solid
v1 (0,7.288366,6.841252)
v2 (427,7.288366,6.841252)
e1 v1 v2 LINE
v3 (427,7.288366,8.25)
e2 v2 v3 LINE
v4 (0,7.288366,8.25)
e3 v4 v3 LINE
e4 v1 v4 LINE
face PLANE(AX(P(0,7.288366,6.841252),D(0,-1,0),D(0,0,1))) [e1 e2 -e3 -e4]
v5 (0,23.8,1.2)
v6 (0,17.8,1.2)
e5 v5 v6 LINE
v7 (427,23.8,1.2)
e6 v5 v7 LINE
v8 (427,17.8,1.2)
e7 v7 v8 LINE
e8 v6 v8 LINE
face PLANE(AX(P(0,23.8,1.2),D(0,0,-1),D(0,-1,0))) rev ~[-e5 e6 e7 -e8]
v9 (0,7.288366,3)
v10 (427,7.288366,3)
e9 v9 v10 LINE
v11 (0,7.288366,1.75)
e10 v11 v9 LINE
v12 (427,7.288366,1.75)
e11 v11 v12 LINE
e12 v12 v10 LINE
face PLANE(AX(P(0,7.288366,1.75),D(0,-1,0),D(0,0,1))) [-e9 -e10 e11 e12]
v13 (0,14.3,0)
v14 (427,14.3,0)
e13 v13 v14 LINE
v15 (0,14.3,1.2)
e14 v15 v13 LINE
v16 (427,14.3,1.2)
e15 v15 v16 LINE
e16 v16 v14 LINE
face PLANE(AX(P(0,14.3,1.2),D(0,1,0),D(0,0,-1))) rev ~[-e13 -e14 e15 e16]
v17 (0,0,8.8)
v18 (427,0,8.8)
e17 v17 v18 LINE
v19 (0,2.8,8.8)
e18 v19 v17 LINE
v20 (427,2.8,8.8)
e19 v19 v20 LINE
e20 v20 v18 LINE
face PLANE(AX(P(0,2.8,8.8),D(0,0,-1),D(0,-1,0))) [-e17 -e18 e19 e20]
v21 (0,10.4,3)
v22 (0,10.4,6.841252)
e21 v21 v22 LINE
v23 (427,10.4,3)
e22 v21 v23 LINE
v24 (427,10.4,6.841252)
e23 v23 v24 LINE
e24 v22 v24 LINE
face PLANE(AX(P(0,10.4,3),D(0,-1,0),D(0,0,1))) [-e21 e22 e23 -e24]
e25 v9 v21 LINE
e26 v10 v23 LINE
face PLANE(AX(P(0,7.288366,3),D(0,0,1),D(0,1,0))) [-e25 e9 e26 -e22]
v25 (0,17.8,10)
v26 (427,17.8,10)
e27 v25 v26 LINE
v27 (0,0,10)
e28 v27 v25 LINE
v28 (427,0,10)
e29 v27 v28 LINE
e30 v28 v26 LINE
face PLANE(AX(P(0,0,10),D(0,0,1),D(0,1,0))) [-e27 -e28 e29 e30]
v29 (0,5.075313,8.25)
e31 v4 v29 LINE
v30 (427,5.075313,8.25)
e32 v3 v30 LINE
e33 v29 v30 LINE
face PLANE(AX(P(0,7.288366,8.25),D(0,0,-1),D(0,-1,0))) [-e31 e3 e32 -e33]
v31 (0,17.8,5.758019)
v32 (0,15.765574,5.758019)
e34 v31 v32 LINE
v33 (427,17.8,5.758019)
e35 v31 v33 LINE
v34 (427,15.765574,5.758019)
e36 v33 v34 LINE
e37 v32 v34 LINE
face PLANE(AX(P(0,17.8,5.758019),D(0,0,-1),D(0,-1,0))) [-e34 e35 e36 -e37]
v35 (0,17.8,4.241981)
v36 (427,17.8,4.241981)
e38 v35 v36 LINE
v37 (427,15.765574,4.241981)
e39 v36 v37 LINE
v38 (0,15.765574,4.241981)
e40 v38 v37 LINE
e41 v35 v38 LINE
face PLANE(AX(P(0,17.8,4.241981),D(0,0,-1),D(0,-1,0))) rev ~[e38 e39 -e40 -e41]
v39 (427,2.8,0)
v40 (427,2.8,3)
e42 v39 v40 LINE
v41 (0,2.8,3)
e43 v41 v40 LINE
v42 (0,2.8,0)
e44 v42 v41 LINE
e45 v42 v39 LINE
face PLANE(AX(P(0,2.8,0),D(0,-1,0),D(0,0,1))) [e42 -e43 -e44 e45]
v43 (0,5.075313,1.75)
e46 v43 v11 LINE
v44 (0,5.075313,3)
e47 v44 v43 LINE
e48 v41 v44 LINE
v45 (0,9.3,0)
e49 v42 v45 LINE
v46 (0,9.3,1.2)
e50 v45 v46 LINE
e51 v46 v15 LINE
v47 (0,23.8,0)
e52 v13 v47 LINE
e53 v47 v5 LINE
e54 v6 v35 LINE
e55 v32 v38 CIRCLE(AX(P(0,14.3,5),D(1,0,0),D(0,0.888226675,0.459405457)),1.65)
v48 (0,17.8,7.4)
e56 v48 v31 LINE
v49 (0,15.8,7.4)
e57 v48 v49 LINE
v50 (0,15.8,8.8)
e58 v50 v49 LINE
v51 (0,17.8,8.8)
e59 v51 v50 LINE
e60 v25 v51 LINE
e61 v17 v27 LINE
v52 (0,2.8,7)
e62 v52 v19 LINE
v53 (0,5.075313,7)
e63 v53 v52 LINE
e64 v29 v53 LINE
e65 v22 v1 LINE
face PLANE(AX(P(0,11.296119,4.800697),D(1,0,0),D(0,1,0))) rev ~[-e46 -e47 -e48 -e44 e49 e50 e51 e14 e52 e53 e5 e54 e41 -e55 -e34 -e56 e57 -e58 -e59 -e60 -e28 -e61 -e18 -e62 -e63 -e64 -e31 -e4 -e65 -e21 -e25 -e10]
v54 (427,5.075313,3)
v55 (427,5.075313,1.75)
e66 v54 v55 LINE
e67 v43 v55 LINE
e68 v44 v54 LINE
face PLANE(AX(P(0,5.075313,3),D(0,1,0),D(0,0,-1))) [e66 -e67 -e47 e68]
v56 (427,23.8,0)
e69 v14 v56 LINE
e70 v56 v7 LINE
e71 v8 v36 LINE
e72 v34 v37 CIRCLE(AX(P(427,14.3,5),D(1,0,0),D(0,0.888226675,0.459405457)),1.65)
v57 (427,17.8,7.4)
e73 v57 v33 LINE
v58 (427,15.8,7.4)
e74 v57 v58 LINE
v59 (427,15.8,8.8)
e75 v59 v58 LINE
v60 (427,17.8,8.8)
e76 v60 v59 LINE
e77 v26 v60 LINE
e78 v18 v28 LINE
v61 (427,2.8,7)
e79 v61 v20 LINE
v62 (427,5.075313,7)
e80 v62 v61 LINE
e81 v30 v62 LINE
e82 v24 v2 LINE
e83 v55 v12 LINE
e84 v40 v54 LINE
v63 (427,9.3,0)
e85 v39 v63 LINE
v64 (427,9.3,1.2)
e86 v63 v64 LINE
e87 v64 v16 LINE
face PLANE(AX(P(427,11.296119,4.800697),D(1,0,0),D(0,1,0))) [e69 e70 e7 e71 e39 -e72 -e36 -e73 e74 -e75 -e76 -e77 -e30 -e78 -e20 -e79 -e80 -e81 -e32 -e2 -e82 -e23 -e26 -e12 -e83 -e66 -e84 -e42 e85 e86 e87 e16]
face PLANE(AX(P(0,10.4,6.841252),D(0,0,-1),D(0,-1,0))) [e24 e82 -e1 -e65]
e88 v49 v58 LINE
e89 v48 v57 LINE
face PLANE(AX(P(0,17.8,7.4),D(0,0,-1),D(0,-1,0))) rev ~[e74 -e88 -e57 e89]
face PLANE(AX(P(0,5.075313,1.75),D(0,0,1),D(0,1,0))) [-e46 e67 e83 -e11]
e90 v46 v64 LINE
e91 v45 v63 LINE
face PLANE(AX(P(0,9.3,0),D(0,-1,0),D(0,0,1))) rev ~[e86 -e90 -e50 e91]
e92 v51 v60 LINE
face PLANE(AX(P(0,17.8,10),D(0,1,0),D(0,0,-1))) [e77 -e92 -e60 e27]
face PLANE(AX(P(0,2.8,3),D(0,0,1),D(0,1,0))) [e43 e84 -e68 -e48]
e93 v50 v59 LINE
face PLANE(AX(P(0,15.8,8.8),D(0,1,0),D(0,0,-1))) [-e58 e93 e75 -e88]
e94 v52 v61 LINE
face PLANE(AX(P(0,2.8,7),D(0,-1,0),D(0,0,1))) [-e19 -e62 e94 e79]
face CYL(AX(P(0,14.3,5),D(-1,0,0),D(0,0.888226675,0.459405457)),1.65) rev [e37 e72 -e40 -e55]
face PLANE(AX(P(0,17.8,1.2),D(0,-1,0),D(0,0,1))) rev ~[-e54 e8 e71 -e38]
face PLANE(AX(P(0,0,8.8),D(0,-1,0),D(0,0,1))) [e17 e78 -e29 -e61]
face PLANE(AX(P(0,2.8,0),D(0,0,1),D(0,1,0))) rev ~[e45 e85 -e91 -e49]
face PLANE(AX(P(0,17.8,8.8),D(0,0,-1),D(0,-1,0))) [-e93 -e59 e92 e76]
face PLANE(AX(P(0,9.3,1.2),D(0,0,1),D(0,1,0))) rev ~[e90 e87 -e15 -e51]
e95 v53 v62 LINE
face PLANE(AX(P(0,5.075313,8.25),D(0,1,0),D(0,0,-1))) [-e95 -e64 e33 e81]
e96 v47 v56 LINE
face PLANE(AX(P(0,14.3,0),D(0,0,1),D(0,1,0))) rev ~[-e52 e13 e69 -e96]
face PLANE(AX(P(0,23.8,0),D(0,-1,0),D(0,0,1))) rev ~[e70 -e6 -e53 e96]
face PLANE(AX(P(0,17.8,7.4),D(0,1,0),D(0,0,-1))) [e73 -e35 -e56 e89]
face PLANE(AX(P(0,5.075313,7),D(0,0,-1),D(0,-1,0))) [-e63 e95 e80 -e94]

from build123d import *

# Parameters (mm, degrees)
PAD_DEPTH = 427


with BuildPart() as part:
    # Sketch → Pad (new body)
    with BuildSketch(Plane.YZ):
        with BuildLine():
            Line((2.8, 0), (9.3, 0))
            Line((9.3, 0), (9.3, 1.2))
            Line((9.3, 1.2), (14.3, 1.2))
            Line((14.3, 1.2), (14.3, 0))
            Line((14.3, 0), (23.8, 0))
            Line((23.8, 0), (23.8, 1.2))
            Line((23.8, 1.2), (17.8, 1.2))
            Line((17.8, 1.2), (17.8, 4.241981))
            Line((17.8, 4.241981), (15.765574, 4.241981))
            ThreePointArc((15.765574, 5.758019), (12.65, 5), (15.765574, 4.241981))
            Line((17.8, 5.758019), (15.765574, 5.758019))
            Line((17.8, 7.4), (17.8, 5.758019))
            Line((17.8, 7.4), (15.8, 7.4))
            Line((15.8, 8.8), (15.8, 7.4))
            Line((17.8, 8.8), (15.8, 8.8))
            Line((17.8, 10), (17.8, 8.8))
            Line((0, 10), (17.8, 10))
            Line((0, 8.8), (0, 10))
            Line((2.8, 8.8), (0, 8.8))
            Line((2.8, 7), (2.8, 8.8))
            Line((5.075313, 7), (2.8, 7))
            Line((5.075313, 8.25), (5.075313, 7))
            Line((7.288366, 8.25), (5.075313, 8.25))
            Line((7.288366, 6.841252), (7.288366, 8.25))
            Line((10.4, 6.841252), (7.288366, 6.841252))
            Line((10.4, 3), (10.4, 6.841252))
            Line((7.288366, 3), (10.4, 3))
            Line((7.288366, 1.75), (7.288366, 3))
            Line((5.075313, 1.75), (7.288366, 1.75))
            Line((5.075313, 3), (5.075313, 1.75))
            Line((2.8, 3), (5.075313, 3))
            Line((2.8, 0), (2.8, 3))
        make_face()
    extrude(amount=PAD_DEPTH)


solid = part.part
